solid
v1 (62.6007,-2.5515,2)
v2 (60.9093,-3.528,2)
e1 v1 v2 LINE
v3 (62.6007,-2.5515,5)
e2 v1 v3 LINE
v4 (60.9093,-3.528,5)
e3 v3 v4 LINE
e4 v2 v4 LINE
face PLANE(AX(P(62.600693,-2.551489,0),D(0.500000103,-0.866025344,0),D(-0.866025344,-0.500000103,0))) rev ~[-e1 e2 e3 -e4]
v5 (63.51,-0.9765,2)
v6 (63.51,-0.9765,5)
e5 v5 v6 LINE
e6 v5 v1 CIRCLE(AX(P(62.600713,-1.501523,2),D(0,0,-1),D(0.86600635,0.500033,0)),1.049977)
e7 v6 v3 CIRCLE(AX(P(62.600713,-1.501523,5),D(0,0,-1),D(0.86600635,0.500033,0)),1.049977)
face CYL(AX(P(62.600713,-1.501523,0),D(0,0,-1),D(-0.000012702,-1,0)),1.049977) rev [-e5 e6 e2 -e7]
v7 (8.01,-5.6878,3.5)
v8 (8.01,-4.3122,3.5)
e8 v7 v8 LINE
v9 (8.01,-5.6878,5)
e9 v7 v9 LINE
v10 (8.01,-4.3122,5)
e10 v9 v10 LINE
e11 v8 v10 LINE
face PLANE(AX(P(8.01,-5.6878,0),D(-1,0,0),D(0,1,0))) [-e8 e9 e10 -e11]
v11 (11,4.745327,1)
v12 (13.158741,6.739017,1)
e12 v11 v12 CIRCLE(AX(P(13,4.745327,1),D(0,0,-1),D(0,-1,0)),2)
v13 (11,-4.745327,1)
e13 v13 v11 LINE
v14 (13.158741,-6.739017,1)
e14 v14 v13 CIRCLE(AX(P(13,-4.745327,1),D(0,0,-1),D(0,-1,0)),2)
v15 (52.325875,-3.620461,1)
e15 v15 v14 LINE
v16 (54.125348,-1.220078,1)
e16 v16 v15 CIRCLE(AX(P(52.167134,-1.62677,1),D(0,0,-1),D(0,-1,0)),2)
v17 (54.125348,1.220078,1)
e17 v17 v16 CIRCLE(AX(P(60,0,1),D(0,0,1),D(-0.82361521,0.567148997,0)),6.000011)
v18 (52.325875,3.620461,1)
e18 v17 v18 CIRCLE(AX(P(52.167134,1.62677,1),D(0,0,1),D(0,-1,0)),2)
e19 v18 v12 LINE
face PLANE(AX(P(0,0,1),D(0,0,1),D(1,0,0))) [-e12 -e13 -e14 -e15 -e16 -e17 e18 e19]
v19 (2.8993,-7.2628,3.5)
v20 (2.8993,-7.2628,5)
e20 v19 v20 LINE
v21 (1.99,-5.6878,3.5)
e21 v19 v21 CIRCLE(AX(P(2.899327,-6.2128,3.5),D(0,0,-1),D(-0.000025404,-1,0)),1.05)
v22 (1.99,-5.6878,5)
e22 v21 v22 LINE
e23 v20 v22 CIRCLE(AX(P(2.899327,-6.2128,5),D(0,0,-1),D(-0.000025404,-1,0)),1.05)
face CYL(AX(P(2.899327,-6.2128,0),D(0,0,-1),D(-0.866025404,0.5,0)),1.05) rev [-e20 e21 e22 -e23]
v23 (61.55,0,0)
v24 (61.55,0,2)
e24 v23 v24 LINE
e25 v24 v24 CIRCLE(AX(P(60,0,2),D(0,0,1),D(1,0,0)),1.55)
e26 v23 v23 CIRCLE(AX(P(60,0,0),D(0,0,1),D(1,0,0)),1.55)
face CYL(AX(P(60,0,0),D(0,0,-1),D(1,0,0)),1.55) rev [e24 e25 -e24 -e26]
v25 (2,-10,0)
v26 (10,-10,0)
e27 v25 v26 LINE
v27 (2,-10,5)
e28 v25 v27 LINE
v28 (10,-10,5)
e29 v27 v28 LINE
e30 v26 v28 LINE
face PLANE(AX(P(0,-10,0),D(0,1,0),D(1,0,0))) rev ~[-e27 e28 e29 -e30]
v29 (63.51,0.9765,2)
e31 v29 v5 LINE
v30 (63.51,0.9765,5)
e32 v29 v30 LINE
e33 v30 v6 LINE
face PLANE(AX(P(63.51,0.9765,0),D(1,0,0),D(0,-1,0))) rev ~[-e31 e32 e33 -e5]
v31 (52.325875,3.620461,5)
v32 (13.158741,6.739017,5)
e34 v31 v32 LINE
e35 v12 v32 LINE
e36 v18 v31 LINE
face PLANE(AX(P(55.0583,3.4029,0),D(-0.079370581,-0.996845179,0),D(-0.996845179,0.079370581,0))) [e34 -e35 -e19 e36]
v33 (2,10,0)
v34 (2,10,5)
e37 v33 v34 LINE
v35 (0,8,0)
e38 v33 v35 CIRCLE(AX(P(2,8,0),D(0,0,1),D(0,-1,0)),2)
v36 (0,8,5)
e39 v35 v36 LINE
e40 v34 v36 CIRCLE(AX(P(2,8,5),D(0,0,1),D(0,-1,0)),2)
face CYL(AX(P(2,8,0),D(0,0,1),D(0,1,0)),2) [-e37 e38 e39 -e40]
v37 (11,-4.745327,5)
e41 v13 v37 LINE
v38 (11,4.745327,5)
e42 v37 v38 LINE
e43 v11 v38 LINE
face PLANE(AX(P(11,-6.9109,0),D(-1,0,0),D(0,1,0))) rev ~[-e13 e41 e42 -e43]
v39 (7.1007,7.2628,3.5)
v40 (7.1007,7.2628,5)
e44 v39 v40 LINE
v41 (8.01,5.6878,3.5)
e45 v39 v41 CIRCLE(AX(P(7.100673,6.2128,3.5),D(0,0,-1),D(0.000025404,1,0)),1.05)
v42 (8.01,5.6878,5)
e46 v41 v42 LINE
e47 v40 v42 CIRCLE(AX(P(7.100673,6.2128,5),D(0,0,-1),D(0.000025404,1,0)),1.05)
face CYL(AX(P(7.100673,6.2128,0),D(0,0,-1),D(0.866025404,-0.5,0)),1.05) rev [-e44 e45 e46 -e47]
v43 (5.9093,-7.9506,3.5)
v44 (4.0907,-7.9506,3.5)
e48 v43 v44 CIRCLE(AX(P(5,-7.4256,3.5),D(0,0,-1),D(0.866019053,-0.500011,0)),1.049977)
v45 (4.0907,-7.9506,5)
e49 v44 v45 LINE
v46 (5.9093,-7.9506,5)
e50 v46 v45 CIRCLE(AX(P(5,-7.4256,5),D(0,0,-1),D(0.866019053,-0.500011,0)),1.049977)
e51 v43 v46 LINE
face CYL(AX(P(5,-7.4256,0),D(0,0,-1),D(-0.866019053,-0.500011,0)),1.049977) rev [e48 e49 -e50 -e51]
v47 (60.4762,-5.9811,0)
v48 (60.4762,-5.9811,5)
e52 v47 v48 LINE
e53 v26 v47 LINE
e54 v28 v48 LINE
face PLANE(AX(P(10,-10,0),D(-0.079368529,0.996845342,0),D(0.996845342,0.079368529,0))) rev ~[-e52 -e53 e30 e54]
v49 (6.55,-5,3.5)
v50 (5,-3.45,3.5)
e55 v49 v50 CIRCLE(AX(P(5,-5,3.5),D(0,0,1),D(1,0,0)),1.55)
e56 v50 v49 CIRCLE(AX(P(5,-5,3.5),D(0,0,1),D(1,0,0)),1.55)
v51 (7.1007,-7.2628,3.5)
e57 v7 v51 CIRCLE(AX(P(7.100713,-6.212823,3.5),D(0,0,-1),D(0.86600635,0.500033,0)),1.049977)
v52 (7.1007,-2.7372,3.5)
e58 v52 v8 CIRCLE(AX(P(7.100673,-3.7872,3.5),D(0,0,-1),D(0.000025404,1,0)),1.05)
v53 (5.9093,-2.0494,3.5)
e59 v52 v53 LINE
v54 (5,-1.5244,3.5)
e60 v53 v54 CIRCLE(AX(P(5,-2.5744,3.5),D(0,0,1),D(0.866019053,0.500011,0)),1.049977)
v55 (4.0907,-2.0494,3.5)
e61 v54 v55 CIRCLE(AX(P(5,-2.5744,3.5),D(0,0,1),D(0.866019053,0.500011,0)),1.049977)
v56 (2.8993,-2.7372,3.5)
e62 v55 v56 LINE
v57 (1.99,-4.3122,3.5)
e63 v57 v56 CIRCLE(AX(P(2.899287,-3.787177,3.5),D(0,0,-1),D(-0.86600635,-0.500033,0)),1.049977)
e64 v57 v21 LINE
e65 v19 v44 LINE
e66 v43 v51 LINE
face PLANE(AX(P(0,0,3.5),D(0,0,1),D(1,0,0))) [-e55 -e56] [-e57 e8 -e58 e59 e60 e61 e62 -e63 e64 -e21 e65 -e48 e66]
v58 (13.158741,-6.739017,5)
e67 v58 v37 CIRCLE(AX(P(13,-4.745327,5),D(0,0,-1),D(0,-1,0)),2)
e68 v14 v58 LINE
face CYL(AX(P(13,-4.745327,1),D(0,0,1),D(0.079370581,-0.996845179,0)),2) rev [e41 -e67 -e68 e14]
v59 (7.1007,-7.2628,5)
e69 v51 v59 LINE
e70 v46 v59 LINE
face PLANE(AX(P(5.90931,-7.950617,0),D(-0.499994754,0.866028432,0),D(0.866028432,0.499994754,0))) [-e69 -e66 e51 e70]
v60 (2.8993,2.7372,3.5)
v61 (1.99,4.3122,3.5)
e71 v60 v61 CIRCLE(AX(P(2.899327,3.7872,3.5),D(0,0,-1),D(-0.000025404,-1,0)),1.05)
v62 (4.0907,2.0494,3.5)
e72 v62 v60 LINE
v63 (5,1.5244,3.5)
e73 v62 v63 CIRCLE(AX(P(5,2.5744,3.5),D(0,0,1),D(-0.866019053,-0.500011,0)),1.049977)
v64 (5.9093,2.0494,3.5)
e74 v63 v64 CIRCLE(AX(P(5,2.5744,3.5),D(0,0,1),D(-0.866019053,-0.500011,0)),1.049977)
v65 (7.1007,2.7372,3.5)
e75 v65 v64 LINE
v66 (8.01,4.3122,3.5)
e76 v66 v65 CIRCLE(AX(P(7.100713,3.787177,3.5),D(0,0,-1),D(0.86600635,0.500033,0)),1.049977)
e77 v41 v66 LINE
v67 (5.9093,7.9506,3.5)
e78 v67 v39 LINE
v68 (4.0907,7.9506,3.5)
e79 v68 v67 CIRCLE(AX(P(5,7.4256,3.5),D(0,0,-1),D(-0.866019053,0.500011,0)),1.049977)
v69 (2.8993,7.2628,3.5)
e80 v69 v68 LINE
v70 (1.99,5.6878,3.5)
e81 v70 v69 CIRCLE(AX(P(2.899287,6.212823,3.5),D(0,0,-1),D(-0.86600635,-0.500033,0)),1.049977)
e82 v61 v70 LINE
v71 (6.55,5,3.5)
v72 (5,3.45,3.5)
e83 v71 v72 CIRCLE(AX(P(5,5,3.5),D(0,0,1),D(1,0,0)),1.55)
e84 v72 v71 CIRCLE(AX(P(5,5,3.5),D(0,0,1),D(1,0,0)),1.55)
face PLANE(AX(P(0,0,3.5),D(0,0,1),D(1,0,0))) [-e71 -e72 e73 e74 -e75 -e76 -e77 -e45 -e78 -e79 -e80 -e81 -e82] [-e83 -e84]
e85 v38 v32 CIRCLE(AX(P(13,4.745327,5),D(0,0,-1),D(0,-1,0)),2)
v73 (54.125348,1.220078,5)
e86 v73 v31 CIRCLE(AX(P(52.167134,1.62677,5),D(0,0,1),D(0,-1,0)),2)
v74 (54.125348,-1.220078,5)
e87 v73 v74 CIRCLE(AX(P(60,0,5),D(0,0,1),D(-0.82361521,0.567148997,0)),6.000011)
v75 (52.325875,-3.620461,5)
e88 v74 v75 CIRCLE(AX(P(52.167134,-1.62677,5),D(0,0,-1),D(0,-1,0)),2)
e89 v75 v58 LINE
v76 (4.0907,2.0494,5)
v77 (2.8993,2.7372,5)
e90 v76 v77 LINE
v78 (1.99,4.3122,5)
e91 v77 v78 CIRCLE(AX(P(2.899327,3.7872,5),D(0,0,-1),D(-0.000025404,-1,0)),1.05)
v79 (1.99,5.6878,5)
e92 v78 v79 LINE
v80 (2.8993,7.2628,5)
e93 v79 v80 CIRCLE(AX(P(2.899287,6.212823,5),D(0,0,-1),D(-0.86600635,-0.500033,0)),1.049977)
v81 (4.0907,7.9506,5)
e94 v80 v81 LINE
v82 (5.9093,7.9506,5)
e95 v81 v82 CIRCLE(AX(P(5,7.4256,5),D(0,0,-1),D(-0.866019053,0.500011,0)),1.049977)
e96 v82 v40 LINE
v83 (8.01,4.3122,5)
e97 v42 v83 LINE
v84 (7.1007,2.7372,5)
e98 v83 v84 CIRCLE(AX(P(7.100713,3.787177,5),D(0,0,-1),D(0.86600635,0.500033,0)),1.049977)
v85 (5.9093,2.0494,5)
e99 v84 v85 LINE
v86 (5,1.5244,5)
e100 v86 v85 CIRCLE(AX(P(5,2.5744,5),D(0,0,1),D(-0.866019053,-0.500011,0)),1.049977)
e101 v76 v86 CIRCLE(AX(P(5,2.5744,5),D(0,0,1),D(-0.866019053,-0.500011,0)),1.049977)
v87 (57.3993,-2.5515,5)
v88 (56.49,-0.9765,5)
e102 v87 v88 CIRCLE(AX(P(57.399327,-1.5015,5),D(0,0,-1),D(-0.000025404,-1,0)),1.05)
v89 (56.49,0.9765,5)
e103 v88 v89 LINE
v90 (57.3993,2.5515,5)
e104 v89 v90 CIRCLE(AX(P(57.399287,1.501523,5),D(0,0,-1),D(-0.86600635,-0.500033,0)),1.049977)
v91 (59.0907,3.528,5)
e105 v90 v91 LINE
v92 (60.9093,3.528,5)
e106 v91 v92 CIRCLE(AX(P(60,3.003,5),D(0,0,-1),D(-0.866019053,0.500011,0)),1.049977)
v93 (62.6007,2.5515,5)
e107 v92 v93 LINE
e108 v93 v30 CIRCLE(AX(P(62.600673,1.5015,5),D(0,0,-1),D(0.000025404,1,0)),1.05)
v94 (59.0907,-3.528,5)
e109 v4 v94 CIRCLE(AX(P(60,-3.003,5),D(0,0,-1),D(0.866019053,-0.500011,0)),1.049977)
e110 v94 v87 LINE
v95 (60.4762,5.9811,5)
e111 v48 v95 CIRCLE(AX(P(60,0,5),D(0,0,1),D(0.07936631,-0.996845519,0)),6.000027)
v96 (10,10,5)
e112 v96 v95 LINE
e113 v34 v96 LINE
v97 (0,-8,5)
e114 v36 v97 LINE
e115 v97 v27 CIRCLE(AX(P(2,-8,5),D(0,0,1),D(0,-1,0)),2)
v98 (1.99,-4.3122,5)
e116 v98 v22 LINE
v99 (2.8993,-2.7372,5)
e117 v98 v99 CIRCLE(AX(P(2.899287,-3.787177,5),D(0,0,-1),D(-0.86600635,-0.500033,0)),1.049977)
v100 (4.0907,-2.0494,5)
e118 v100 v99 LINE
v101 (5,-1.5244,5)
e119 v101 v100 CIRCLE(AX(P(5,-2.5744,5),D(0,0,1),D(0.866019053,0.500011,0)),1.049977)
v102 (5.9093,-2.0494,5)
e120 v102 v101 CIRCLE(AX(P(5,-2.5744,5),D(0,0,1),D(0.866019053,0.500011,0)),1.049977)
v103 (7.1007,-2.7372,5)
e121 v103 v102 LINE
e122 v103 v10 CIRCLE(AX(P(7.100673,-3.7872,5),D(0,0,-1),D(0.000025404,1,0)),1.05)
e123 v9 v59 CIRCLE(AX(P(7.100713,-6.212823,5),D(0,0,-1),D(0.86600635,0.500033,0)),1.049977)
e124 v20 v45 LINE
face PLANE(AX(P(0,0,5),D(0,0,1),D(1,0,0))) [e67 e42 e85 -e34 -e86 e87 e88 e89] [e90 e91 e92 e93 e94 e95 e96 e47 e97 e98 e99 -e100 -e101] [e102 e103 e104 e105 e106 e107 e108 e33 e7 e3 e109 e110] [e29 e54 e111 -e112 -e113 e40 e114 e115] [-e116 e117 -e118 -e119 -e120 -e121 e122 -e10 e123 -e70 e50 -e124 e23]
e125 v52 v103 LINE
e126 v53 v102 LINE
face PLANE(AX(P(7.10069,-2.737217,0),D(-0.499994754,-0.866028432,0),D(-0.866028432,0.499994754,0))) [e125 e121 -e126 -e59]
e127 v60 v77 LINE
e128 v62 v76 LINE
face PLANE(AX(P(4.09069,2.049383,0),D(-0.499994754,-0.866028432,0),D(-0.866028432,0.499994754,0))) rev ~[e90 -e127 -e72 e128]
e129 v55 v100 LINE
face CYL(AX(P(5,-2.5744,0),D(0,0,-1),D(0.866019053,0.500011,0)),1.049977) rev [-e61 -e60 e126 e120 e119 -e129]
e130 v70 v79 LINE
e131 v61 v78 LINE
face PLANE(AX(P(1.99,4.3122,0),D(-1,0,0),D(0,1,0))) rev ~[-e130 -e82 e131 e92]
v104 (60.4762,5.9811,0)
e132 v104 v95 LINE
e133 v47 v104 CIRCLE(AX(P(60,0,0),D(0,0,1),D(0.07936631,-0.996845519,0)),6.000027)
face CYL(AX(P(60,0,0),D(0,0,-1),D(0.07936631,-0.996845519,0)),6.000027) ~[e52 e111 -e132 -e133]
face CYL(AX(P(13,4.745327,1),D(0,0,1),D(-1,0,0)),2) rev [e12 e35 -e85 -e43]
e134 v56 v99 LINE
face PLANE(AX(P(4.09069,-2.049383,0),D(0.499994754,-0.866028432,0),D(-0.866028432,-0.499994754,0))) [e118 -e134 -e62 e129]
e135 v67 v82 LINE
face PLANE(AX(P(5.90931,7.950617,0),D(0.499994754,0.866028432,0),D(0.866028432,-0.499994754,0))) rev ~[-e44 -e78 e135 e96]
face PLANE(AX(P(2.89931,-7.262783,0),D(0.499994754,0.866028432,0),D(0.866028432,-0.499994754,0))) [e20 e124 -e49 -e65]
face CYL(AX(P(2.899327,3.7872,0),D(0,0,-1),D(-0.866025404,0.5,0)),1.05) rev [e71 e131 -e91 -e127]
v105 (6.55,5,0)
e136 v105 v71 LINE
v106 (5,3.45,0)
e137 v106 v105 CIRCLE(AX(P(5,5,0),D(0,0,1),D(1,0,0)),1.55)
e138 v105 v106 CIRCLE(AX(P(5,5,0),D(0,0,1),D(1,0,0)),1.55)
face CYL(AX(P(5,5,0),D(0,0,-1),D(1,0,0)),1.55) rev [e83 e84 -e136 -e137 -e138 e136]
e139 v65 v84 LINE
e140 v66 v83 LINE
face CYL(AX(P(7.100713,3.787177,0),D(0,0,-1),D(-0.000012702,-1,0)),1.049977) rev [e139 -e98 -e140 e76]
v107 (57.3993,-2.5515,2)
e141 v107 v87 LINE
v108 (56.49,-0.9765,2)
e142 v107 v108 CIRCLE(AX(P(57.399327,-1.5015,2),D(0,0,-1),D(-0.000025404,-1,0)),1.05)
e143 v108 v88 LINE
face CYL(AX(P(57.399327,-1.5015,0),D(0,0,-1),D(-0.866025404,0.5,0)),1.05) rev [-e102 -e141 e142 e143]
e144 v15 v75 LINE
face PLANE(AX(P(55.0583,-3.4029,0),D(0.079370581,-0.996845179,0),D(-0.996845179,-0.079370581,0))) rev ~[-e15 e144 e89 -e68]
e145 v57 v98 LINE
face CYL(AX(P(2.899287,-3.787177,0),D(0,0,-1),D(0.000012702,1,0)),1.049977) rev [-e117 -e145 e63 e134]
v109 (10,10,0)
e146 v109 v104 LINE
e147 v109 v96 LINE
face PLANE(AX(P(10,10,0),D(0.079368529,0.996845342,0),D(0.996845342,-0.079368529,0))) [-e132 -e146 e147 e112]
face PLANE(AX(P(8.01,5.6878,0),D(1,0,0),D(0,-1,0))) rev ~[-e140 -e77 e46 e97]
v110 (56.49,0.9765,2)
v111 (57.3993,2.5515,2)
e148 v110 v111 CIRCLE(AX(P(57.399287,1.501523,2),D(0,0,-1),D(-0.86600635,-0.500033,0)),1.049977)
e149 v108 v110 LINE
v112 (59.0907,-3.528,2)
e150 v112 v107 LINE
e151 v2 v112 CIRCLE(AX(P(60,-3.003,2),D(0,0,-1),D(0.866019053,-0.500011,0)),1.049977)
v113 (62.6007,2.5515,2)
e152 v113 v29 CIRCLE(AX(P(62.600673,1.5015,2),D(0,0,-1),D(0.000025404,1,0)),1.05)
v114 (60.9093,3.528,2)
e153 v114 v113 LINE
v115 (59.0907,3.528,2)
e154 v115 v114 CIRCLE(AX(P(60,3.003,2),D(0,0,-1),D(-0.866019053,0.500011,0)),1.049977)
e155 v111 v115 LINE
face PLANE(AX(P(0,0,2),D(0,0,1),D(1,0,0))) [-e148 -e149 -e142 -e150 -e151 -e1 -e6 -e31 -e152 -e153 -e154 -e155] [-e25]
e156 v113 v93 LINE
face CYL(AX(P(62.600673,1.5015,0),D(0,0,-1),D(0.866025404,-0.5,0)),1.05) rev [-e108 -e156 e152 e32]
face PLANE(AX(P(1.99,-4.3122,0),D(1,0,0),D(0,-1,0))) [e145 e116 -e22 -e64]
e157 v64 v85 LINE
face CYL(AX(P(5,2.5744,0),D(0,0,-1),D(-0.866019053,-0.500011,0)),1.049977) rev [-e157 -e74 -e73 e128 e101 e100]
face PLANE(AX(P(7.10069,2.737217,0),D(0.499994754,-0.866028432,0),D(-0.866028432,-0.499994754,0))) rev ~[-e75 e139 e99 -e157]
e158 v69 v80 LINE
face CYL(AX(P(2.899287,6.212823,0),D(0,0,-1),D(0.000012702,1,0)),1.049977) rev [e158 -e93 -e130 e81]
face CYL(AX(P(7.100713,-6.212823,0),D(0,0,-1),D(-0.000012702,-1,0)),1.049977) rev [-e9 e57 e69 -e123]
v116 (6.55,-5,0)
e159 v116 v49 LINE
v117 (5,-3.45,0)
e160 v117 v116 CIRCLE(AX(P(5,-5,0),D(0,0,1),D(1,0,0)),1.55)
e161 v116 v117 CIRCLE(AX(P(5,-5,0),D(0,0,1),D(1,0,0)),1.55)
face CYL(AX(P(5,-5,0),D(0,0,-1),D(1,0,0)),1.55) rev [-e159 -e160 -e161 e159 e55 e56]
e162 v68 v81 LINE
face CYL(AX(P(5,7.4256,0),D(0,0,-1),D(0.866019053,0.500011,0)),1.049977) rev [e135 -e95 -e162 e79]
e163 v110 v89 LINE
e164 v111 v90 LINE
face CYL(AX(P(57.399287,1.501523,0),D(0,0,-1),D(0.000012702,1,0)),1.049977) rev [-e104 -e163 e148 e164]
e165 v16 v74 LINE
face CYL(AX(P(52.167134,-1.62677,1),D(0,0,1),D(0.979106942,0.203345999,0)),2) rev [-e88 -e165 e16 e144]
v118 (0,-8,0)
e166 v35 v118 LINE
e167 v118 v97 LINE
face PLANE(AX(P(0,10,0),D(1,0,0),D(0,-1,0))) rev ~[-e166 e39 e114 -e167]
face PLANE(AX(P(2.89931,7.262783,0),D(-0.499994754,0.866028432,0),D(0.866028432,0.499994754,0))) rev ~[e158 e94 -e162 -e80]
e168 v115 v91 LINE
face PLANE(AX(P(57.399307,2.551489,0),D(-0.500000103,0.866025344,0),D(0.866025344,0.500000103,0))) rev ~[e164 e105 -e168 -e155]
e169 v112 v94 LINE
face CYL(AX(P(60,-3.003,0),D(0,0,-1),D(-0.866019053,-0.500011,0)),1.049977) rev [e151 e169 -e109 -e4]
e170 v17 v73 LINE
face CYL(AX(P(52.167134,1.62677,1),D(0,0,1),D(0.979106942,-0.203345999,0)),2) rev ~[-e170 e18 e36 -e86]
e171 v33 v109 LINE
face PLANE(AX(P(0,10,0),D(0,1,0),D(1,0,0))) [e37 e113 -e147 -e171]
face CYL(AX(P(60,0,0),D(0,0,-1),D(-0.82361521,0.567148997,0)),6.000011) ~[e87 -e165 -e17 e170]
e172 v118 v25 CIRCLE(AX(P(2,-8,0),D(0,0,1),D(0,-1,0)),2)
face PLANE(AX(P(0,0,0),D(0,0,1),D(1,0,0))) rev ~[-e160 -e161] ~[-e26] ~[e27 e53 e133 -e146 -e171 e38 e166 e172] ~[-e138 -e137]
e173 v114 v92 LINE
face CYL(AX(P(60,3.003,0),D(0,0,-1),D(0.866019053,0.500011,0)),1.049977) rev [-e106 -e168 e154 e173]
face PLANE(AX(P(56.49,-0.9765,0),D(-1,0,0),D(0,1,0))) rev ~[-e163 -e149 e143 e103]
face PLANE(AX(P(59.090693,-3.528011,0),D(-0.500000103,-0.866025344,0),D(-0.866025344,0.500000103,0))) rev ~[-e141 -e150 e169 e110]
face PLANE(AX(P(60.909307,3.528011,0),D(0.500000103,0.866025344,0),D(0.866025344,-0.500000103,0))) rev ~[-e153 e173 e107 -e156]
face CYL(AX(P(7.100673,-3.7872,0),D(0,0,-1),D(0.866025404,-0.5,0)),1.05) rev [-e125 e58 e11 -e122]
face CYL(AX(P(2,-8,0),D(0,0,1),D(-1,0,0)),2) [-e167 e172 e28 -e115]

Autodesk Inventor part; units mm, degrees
ref_plane "YZ Plane" through (0, 0, 0) normal (1, 0, 0) x (0, 1, 0)
ref_plane "XZ Plane" through (0, 0, 0) normal (0, 1, 0) x (-1, 0, 0)
ref_plane "XY Plane" through (0, 0, 0) normal (0, 0, 1) x (1, 0, 0)
sketch "スケッチ1" plane through (0, 0, 0) normal (0, 0, 1) x (1, 0, 0)
  circle A0 centre (5, 5) radius 1.55
  circle A1 centre (5, -5) radius 1.55
  line L0 (0, 0) -> (60, 0) construction
  circle A2 centre (60, 0) radius 1.55
  line L1 (0, 10) -> (0, -10)
  line L2 (0, -10) -> (10, -10)
  line L3 (10, -10) -> (60.4762, -5.9811)
  line L4 (10, 10) -> (60.4762, 5.9811)
  arc A3 (60.4762, -5.9811) -> (60.4762, 5.9811) centre (60, 0) ccw
  line L5 (55.0583, -3.4029) -> (11, -6.9109)
  line L6 (55.0583, 3.4029) -> (11, 6.9109)
  arc A4 (55.0583, 3.4029) -> (55.0583, -3.4029) centre (60, 0) ccw
  line L7 (11, -6.9109) -> (11, 6.9109)
  line L8 (5, -5) -> (5, 5)
  line L9 (0, 10) -> (10, 10)
  line L10 (8.01, 6.7378) -> (8.01, 3.2622)
  line L11 (8.01, 3.2622) -> (5, 1.5244)
  line L12 (5, 1.5244) -> (1.99, 3.2622)
  line L13 (1.99, 3.2622) -> (1.99, 6.7378)
  line L14 (1.99, 6.7378) -> (5, 8.4756)
  line L15 (5, 8.4756) -> (8.01, 6.7378)
  arc A5 (4.0907, 2.0494) -> (5.9093, 2.0494) centre (5, 2.5744) ccw
  arc A6 (7.1007, 2.7372) -> (8.01, 4.3122) centre (7.1007, 3.7872) ccw
  arc A7 (8.01, 5.6878) -> (7.1007, 7.2628) centre (7.1007, 6.2128) ccw
  arc A8 (5.9093, 7.9506) -> (4.0907, 7.9506) centre (5, 7.4256) ccw
  arc A9 (2.8993, 7.2628) -> (1.99, 5.6878) centre (2.8993, 6.2128) ccw
  arc A10 (1.99, 4.3122) -> (2.8993, 2.7372) centre (2.8993, 3.7872) ccw
  line L16 (8.01, -6.7378) -> (8.01, -3.2622)
  line L17 (8.01, -3.2622) -> (5, -1.5244)
  line L18 (5, -1.5244) -> (1.99, -3.2622)
  line L19 (1.99, -3.2622) -> (1.99, -6.7378)
  line L20 (1.99, -6.7378) -> (5, -8.4756)
  line L21 (5, -8.4756) -> (8.01, -6.7378)
  arc A11 (5.9093, -2.0494) -> (4.0907, -2.0494) centre (5, -2.5744) ccw
  arc A12 (8.01, -4.3122) -> (7.1007, -2.7372) centre (7.1007, -3.7872) ccw
  arc A13 (7.1007, -7.2628) -> (8.01, -5.6878) centre (7.1007, -6.2128) ccw
  arc A14 (4.0907, -7.9506) -> (5.9093, -7.9506) centre (5, -7.4256) ccw
  arc A15 (1.99, -5.6878) -> (2.8993, -7.2628) centre (2.8993, -6.2128) ccw
  arc A16 (2.8993, -2.7372) -> (1.99, -4.3122) centre (2.8993, -3.7872) ccw
  circle A17 centre (60, 0) radius 1.55
  line L22 (63.51, 2.0265) -> (63.51, -2.0265)
  line L23 (63.51, -2.0265) -> (60, -4.053)
  line L24 (60, -4.053) -> (56.49, -2.0265)
  line L25 (56.49, -2.0265) -> (56.49, 2.0265)
  line L26 (56.49, 2.0265) -> (60, 4.053)
  line L27 (60, 4.053) -> (63.51, 2.0265)
  arc A18 (59.0907, -3.528) -> (60.9093, -3.528) centre (60, -3.003) ccw
  arc A19 (62.6007, -2.5515) -> (63.51, -0.9765) centre (62.6007, -1.5015) ccw
  arc A20 (63.51, 0.9765) -> (62.6007, 2.5515) centre (62.6007, 1.5015) ccw
  arc A21 (60.9093, 3.528) -> (59.0907, 3.528) centre (60, 3.003) ccw
  arc A22 (57.3993, 2.5515) -> (56.49, 0.9765) centre (57.3993, 1.5015) ccw
  arc A23 (56.49, -0.9765) -> (57.3993, -2.5515) centre (57.3993, -1.5015) ccw
  line L28 (60, 4.053) -> (60, -4.053) construction
  point P0 (5, 0)
  point P1 (8.01, 3.2622)
  point P2 (8.01, 6.7378)
  point P3 (5, 8.4756)
  point P4 (1.99, 6.7378)
  point P5 (2.8993, 2.7372)
  point P6 (1.99, 4.3122)
  point P7 (1.99, 5.6878)
  point P8 (2.8993, 7.2628)
  point P9 (4.0907, 7.9506)
  point P10 (5.9093, 7.9506)
  point P11 (7.1007, 7.2628)
  point P12 (8.01, 5.6878)
  point P13 (8.01, 4.3122)
  point P14 (7.1007, 2.7372)
  point P15 (7.1007, -2.7372)
  point P16 (8.01, -4.3122)
  point P17 (8.01, -5.6878)
  point P18 (7.1007, -7.2628)
  point P19 (5.9093, -7.9506)
  point P20 (4.0907, -7.9506)
  point P21 (2.8993, -7.2628)
  point P22 (1.99, -5.6878)
  point P23 (1.99, -4.3122)
  point P24 (2.8993, -2.7372)
  point P25 (1.99, -6.7378)
  point P26 (5, -8.4756)
  point P27 (56.49, 2.0265)
  point P28 (56.49, -2.0265)
  point P29 (62.6007, -2.5515)
  point P30 (57.3993, -2.5515)
  point P31 (56.49, -0.9765)
  point P32 (56.49, 0.9765)
  point P33 (57.3993, 2.5515)
  point P34 (59.0907, 3.528)
  point P35 (60.9093, 3.528)
  point P36 (62.6007, 2.5515)
  point P37 (63.51, 0.9765)
  point P38 (63.51, -0.9765)
  dimension "d0" = 10
  dimension "d1" = 3.1
  dimension "d2" = 3.1
  dimension "d3" = 60
  dimension "d4" = 6
  dimension "d33" = 3
  dimension "d34" = 6
  dimension "d35" = 6
  dimension "d40" = 20
  dimension "d41" = 5
  dimension "d42" = 10
  dimension "d43" = 6.02
  dimension "d44" = 2.1
  dimension "d47" = 360
  dimension "d57" = 3.1
  dimension "d58" = 7.02
  dimension "d59" = 2.1
  dimension "d60" = 360
extrude "押し出し1" add sketch "スケッチ1" along normal blind 5 contours L9 L4 A3 L3 L2 L1
extrude "押し出し5" add sketch "スケッチ1" along normal blind 3.5 contours L12 L13 L14 L15 L10 L11 | L11 A5 | A11 L17 | L17 L16 L21 L20 L19 L18 | L18 A11 | A5 L12 | L11 A6 | A10 L12 | A12 L17 | L18 A16 | L10 A6 | A10 L13 | A12 L16 | L19 A16 | L10 A7 | A9 L13 | A13 L16 | L19 A15 | L15 A7 | A9 L14 | A13 L21 | L20 A15 | L15 A8 | A8 L14 | A14 L21 | L20 A14
extrude "押し出し6" add sketch "スケッチ1" along normal blind 2 contours A20 L22 | L22 L23 L24 L25 L26 L27 | L27 A20 | A19 L22 | L27 A21 | A19 L23 | L26 A21 | A18 L23 | L26 A22 | A18 L24 | L25 A22 | A23 L24 | L25 A23
extrude "押し出し7" add sketch "スケッチ1" along normal blind 1 contours L5 L7 L6 A4
fillet "フィレット2" radius 2 6 edges at (11, 6.9109, 3) (11, -6.9109, 3) (55.0583, 3.4029, 3) (55.0583, -3.4029, 3) (0, -10, 2.5) (0, 10, 2.5)
properties part number "Trunk_vertical_frame_05" material "アセタール樹脂、黒"
